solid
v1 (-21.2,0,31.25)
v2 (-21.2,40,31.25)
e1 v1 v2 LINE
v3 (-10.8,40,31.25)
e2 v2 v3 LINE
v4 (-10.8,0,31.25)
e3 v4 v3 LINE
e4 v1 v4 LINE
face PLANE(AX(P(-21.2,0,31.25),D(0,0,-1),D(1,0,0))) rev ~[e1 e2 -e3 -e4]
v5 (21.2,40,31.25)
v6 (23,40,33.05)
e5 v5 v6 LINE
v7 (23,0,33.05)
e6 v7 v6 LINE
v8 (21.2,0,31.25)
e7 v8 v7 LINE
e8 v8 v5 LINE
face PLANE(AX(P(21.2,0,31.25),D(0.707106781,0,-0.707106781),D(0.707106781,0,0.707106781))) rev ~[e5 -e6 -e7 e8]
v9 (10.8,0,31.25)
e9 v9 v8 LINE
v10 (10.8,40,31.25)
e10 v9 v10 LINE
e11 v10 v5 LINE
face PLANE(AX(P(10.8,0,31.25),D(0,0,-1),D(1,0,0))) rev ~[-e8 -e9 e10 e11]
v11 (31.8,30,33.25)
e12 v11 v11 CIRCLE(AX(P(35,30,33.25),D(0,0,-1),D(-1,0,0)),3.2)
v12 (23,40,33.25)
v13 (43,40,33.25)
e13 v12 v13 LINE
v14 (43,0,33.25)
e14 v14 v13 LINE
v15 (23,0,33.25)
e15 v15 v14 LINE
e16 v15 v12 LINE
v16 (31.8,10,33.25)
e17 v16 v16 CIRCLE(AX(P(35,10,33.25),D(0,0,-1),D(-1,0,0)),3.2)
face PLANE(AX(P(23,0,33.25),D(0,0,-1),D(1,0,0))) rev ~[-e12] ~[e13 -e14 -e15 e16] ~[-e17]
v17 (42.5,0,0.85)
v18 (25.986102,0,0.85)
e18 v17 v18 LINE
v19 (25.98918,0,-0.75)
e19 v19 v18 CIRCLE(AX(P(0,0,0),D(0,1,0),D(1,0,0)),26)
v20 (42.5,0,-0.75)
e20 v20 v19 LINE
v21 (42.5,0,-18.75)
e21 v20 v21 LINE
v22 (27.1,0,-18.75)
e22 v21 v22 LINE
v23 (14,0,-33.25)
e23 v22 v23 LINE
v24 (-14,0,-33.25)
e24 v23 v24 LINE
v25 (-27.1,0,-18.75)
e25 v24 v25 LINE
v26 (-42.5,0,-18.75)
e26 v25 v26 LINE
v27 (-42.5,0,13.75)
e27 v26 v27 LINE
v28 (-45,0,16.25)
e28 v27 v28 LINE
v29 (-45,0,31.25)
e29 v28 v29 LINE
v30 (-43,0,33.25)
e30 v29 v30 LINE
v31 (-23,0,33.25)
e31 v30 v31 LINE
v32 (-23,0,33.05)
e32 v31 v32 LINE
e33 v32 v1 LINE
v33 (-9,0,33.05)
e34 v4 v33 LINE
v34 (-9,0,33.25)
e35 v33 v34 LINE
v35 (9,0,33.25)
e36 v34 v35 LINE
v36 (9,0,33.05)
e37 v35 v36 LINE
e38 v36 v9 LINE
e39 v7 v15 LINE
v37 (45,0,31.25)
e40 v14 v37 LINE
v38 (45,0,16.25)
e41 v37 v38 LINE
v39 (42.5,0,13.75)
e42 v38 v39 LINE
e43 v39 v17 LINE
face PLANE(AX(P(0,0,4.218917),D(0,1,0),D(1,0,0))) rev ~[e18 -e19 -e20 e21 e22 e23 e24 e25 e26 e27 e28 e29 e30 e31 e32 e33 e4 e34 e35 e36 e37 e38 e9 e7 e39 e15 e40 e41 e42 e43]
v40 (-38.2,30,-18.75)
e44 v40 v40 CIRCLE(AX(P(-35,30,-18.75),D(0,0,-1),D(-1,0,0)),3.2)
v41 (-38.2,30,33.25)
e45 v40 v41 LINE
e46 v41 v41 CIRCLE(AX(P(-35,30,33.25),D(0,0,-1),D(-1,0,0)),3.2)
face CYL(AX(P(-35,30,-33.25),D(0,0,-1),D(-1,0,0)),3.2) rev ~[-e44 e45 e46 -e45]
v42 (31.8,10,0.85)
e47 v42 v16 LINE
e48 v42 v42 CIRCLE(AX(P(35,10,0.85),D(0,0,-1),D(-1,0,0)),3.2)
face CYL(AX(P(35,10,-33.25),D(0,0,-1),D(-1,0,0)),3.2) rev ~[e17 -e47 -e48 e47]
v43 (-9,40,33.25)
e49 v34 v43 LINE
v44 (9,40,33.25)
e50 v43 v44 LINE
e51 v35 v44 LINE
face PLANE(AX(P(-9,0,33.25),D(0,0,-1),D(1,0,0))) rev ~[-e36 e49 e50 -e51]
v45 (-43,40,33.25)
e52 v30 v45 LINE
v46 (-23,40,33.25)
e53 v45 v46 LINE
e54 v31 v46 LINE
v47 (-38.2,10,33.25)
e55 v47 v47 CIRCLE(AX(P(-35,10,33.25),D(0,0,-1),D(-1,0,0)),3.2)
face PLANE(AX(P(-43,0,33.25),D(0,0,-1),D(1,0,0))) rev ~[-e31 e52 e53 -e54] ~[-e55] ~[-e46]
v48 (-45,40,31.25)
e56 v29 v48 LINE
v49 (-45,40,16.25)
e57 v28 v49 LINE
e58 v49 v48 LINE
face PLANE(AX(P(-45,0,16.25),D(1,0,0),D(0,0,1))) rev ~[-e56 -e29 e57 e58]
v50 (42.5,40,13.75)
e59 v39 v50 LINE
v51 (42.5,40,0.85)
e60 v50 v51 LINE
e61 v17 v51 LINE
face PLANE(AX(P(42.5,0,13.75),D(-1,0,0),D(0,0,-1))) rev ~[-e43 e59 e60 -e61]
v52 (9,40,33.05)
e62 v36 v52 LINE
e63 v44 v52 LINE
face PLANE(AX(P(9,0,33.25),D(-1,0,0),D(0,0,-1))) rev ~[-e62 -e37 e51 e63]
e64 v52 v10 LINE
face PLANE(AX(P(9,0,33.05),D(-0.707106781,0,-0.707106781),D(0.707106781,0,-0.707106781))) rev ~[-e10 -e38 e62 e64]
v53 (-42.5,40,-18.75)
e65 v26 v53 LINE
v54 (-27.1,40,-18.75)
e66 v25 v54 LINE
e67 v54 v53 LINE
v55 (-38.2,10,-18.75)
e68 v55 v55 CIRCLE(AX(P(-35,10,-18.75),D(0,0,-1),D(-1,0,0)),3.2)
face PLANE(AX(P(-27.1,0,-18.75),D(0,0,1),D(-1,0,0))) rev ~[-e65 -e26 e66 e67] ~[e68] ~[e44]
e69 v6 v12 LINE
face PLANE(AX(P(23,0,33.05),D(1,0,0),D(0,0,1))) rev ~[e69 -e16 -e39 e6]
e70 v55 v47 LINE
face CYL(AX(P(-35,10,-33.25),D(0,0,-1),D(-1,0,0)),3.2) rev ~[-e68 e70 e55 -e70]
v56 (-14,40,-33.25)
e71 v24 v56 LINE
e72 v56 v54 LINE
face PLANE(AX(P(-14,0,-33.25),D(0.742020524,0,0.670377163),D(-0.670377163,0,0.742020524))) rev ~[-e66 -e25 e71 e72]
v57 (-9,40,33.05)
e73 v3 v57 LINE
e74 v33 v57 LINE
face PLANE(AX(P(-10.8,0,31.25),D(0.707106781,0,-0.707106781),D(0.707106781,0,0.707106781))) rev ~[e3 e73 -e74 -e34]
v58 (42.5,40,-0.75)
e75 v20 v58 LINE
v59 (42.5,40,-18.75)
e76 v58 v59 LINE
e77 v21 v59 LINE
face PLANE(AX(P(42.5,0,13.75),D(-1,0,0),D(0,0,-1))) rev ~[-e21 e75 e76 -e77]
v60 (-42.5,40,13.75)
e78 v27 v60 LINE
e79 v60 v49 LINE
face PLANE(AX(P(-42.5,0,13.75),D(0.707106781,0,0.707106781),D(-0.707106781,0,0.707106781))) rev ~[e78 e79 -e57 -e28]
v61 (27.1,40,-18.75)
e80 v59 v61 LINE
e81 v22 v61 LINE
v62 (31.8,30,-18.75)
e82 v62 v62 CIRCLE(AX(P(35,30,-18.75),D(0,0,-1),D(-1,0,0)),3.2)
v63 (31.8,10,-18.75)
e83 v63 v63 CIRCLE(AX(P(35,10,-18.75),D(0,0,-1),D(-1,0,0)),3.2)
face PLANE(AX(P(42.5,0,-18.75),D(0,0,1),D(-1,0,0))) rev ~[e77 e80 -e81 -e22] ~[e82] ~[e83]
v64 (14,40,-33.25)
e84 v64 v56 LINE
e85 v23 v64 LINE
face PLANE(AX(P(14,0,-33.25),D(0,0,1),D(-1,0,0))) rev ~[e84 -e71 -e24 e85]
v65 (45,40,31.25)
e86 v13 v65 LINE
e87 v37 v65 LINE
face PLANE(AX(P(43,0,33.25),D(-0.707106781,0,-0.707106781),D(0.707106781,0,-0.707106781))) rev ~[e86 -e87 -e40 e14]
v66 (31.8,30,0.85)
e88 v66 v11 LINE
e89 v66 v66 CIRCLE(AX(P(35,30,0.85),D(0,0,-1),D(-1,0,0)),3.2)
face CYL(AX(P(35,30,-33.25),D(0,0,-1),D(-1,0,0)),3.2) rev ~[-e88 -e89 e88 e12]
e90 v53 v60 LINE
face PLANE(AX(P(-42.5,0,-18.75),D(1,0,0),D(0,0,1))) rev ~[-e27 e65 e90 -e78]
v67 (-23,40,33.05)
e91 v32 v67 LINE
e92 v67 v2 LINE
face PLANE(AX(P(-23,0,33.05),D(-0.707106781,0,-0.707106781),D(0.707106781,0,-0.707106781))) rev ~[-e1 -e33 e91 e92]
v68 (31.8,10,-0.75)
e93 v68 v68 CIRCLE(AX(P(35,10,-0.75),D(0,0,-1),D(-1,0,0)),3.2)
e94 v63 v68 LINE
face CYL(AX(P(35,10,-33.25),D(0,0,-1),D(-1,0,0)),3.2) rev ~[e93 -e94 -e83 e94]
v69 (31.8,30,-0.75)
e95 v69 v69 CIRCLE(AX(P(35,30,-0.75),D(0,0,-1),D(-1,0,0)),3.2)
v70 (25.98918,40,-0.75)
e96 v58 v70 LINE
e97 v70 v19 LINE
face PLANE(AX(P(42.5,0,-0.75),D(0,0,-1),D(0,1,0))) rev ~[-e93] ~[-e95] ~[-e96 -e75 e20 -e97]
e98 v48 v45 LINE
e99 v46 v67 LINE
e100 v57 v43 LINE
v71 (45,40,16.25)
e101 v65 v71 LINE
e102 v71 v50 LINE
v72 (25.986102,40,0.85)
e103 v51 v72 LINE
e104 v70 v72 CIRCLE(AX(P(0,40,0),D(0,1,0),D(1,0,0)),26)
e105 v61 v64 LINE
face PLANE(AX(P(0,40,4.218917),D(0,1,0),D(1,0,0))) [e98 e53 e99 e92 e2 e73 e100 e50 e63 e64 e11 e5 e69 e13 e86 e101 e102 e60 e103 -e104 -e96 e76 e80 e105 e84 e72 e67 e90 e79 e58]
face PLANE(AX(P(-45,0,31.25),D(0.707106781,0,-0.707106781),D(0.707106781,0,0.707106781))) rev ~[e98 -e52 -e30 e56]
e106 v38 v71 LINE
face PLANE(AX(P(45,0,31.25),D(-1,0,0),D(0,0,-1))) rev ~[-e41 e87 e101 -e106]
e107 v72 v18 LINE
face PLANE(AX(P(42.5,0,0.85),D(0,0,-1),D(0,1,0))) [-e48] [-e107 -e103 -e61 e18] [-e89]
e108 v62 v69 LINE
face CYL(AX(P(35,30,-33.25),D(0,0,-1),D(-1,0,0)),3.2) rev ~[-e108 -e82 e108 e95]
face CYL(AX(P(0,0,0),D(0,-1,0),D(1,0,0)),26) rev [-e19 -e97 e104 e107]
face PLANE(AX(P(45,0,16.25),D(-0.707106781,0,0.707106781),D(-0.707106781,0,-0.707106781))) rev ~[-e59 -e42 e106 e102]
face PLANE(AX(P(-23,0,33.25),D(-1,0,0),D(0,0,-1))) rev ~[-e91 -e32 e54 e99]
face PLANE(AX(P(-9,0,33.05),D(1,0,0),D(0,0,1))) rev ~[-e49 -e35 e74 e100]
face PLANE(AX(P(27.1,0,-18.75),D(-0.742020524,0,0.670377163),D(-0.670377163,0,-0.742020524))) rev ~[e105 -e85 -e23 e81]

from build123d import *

# Parameters (mm, degrees)
CROQUIS1_R              = 26
SALIENTE_EXTRUIR1_DEPTH = 40
CROQUIS2_R              = 3.2
CORTAR_EXTRUIR1_DEPTH   = 67.5
CORTAR_EXTRUIR2_REACH   = 89.5
CROQUIS3_W              = 1.6
CROQUIS3_H              = 40


with BuildPart() as part:
    # Croquis1 → Saliente-Extruir1 (new body)
    with BuildSketch(Plane(origin=(0, 0, 0), x_dir=(1, 0, 0), z_dir=(0, 1, 0))):
        Polygon((-42.5, 18.75), (-42.5, -13.75), (-45, -16.25), (-45, -31.25), (-43, -33.25), (-23, -33.25), (-23, -33.05), (-21.2, -31.25), (-10.8, -31.25), (-9, -33.05), (-9, -33.25), (9, -33.25), (9, -33.05), (10.8, -31.25), (21.2, -31.25), (23, -33.05), (23, -33.25), (43, -33.25), (45, -31.25), (45, -16.25), (42.5, -13.75), (42.5, 18.75), (27.1, 18.75), (14, 33.25), (-14, 33.25), (-27.1, 18.75), align=None)
        Circle(CROQUIS1_R, mode=Mode.SUBTRACT)
    extrude(amount=SALIENTE_EXTRUIR1_DEPTH)

    # Croquis2 → Cortar-Extruir1 (cut, through all)
    with BuildSketch(Plane(origin=(0, 0, -33.25), x_dir=(-1, 0, 0), z_dir=(0, 0, -1))):
        with Locations((-35, 30)):
            Circle(CROQUIS2_R)
        with Locations((-35, 10)):
            Circle(CROQUIS2_R)
        with Locations((35, 10)):
            Circle(CROQUIS2_R)
        with Locations((35, 30)):
            Circle(CROQUIS2_R)
    extrude(amount=-CORTAR_EXTRUIR1_DEPTH, mode=Mode.SUBTRACT)

    # Croquis3 → Cortar-Extruir2 (cut, up to next)
    with BuildSketch(Plane(origin=(42.5, 0, 0), x_dir=(0, 0, -1), z_dir=(1, 0, 0)), mode=Mode.PRIVATE) as cortar_extruir2_sk1:
        with Locations((-0.05, 20)):
            Rectangle(CROQUIS3_W, CROQUIS3_H)
    cortar_extruir2_tool1 = extrude(cortar_extruir2_sk1.sketch, amount=-CORTAR_EXTRUIR2_REACH, mode=Mode.PRIVATE) & part.part
    add(cortar_extruir2_tool1.solids().sort_by_distance((42.5, 20, 0.05))[0], mode=Mode.SUBTRACT)


solid = part.part
